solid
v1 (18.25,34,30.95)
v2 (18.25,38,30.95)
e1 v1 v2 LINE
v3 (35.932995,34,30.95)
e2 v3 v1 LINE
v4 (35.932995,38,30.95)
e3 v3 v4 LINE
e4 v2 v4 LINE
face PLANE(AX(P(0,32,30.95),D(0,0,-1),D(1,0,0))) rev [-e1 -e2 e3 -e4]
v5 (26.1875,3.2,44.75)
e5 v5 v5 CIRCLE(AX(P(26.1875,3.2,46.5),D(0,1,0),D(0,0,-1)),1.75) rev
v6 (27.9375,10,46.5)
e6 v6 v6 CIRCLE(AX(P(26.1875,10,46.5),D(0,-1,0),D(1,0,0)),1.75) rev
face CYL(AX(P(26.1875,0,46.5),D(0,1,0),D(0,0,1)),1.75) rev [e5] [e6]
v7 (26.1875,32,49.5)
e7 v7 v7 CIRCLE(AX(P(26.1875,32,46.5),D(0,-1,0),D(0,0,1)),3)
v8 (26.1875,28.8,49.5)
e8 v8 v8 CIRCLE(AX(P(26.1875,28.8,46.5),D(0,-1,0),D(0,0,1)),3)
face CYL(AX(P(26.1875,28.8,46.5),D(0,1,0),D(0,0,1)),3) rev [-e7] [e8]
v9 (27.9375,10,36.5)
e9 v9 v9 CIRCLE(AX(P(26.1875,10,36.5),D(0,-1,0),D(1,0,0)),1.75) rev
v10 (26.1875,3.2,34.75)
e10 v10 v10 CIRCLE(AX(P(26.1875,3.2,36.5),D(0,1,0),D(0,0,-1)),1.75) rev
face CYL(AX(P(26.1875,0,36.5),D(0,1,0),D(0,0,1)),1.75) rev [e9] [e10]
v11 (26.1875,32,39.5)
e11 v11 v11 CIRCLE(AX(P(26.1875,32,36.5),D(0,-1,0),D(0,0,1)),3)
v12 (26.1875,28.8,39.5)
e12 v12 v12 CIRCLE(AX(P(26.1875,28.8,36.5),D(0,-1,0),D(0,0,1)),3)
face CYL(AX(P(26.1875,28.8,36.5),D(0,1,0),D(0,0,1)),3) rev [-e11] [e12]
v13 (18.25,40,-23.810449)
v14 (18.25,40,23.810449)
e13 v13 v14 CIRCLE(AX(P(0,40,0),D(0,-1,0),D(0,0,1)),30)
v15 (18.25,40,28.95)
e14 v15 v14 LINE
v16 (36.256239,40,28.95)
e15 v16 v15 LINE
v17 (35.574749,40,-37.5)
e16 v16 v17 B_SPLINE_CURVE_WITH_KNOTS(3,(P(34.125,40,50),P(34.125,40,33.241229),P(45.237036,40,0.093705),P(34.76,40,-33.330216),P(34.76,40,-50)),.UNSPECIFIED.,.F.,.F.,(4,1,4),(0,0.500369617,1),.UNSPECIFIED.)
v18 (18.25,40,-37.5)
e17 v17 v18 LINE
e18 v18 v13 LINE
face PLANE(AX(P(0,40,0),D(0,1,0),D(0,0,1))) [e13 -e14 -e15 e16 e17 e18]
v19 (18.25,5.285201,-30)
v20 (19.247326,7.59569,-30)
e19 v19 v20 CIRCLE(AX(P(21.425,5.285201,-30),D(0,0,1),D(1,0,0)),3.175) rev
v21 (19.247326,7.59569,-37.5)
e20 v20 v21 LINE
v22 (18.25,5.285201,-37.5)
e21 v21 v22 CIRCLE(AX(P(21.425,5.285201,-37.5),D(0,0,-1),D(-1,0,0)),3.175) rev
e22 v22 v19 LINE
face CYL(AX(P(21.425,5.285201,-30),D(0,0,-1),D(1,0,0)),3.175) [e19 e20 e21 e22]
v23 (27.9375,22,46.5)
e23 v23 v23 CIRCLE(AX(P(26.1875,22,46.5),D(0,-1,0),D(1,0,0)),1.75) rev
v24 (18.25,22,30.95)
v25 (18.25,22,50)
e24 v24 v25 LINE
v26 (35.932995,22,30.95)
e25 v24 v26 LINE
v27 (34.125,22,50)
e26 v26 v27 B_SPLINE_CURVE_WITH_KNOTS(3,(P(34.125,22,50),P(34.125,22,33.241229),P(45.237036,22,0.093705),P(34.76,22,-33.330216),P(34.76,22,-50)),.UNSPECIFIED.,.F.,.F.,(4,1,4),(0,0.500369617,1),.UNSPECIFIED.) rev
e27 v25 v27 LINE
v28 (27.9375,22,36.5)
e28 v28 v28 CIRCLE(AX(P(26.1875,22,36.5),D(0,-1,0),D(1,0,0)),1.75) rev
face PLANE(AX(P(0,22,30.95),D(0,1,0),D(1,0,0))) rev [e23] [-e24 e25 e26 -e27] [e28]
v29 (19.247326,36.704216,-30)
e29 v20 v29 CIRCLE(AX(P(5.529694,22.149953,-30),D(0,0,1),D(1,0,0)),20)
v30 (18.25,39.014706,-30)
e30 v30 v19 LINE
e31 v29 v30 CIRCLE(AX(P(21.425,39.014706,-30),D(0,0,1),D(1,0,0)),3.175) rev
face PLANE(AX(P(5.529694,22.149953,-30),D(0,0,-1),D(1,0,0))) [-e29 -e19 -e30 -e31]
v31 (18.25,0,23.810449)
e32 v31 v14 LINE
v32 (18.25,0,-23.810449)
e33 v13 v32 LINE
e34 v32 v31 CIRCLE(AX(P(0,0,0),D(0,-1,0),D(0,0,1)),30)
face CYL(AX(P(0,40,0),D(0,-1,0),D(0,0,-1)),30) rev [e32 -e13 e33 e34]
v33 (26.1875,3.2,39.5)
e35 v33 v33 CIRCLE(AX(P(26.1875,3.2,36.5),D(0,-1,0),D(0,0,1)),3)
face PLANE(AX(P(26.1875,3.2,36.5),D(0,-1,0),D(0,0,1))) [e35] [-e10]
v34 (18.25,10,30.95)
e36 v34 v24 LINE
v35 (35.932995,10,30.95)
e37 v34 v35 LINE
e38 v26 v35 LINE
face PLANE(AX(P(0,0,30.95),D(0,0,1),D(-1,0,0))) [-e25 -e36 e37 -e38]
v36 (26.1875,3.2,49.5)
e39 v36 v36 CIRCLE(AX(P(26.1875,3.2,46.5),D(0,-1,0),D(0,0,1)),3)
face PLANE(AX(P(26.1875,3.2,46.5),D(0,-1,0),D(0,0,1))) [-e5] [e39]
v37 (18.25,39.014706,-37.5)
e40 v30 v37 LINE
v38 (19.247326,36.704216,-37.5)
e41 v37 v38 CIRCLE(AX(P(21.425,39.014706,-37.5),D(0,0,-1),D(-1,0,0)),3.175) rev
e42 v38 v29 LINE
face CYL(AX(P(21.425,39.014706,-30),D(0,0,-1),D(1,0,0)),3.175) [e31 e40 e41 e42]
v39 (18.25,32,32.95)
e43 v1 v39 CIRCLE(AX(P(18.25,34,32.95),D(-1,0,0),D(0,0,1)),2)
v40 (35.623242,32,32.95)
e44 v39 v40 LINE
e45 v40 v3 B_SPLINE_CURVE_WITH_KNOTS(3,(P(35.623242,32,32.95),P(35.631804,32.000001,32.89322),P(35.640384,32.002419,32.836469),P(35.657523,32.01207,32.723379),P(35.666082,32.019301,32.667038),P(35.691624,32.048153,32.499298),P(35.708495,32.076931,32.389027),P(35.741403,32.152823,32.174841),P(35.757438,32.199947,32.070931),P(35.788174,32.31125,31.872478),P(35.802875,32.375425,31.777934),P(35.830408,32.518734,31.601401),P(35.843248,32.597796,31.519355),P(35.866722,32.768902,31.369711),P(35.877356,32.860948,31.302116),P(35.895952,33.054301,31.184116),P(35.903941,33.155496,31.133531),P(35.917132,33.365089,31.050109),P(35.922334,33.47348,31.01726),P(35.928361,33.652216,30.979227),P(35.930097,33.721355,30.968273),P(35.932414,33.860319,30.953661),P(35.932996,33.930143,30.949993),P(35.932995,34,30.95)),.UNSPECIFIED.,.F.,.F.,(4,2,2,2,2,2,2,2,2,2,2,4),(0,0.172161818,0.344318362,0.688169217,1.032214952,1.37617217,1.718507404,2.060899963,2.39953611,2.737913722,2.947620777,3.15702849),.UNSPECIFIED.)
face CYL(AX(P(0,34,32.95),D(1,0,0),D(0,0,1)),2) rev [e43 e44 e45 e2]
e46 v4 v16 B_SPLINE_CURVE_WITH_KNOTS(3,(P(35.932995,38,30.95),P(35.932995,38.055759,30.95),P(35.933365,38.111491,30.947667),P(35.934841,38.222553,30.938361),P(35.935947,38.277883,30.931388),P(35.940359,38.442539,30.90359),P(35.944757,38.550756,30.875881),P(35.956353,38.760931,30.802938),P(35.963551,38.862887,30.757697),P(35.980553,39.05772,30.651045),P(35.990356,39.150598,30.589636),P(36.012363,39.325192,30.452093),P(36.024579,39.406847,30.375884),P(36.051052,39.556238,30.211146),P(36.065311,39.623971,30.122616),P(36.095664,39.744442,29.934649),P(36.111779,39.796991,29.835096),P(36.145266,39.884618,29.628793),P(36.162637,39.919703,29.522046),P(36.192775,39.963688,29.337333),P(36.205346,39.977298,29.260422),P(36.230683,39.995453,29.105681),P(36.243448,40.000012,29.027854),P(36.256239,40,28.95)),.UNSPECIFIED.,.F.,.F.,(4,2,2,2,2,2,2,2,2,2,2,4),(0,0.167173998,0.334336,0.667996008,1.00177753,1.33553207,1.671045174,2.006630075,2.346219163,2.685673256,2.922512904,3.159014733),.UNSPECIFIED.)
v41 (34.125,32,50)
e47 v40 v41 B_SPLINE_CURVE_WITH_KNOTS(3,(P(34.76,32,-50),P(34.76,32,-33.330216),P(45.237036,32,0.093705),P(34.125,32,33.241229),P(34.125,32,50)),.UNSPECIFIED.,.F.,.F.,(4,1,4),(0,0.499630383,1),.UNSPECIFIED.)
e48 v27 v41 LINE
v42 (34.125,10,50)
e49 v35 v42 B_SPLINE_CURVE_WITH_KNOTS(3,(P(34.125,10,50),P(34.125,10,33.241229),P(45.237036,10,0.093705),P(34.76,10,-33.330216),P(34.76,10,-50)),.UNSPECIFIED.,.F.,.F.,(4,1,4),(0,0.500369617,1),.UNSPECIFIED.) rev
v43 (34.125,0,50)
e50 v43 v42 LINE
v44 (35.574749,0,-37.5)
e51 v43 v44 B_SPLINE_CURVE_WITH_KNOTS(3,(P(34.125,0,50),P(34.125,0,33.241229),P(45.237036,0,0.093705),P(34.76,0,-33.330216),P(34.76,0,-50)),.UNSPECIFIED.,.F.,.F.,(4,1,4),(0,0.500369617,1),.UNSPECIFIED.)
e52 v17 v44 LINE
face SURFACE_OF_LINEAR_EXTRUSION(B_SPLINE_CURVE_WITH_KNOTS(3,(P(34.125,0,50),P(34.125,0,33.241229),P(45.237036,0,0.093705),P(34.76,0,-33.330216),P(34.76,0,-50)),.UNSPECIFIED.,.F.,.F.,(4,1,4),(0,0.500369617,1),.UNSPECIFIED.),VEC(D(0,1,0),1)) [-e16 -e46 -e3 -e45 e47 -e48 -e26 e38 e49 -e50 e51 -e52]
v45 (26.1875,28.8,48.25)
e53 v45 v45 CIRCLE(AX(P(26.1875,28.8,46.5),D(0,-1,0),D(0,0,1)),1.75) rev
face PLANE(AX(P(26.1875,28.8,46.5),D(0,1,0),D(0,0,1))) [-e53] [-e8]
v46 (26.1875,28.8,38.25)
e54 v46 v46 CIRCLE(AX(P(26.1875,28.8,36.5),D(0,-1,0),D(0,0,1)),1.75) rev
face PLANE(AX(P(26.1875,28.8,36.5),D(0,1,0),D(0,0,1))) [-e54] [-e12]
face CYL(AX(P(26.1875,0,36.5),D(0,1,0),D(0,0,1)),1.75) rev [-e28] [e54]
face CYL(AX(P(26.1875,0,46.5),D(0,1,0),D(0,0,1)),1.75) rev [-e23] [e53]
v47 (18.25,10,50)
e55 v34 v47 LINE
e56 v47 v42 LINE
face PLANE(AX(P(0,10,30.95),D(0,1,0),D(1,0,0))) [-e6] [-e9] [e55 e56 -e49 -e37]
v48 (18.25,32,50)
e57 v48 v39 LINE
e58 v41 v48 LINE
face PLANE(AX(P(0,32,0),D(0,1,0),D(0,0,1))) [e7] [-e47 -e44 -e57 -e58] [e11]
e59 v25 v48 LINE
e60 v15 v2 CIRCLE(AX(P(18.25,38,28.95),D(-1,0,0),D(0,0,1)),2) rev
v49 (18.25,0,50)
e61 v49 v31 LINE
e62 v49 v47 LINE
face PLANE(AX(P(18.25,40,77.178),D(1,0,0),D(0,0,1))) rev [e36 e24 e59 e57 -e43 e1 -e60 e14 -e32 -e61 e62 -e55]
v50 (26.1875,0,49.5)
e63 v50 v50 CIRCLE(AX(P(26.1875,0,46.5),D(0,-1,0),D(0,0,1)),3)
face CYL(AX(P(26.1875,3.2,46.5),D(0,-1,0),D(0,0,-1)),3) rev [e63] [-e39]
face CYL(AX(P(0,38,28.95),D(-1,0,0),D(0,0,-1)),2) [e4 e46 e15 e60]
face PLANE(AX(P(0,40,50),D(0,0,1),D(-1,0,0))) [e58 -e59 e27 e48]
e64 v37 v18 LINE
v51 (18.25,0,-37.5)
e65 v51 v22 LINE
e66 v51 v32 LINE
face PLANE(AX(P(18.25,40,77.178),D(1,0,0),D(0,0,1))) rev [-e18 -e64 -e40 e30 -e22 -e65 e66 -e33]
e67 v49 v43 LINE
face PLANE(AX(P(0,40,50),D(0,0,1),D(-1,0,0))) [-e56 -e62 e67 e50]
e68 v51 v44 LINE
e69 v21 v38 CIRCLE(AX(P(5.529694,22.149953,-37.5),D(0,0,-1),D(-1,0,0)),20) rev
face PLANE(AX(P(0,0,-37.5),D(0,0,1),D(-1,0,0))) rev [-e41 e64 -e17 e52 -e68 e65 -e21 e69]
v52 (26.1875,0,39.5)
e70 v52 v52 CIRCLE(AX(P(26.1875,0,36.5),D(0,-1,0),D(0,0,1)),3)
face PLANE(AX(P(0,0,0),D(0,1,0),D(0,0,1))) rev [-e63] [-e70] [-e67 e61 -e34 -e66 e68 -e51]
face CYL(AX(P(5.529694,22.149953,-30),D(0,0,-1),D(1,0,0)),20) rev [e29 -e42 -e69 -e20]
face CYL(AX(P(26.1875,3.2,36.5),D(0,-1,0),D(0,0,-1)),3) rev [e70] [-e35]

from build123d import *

# Parameters (mm, degrees)
BOSS_EXTRUDE1_DEPTH = 40
SKETCH3_W           = 12.7
SKETCH3_H           = 40
BOSS_EXTRUDE2_DEPTH = 27.178
SKETCH4_W           = 184.978795618
SKETCH4_H           = 131.733859804
CUT_EXTRUDE2_DEPTH  = 51
SKETCH5_W           = 144.166334374
SKETCH5_H           = 140.012963834
CUT_EXTRUDE3_DEPTH  = 18.25
SKETCH6_R           = 20
CUT_EXTRUDE4_DEPTH  = 20
FILLET4_R           = 3.175
SKETCH7_W           = 96.652193462
SKETCH7_H           = 93.586405028
CUT_EXTRUDE5_DEPTH  = 27.178
CUT_EXTRUDE6_DEPTH  = 41
CUT_EXTRUDE7_DEPTH  = 8
FILLET5_R           = 2
SKETCH10_R          = 1.75
CUT_EXTRUDE8_DEPTH  = 33.0000001
SKETCH11_W          = 9.551786503
SKETCH11_H          = 12
SKETCH11_W_2        = 7.9375
CUT_EXTRUDE9_DEPTH  = 19.05
SKETCH14_R          = 3
CUT_EXTRUDE10_DEPTH = 3.2
SKETCH15_W          = 61.098487026
SKETCH15_H          = 49.743772834
CUT_EXTRUDE11_DEPTH = 12.5


with BuildPart() as part:
    # Sketch1 → Boss-Extrude1 (new body)
    with BuildSketch(Plane(origin=(0, 0, 0), x_dir=(1, 0, 0), z_dir=(0, 1, 0))):
        with BuildLine():
            Line((-50, -50), (0, -50))
            Line((0, -50), (0, -30))
            ThreePointArc((0, -30), (-30, 0), (0, 30))
            Line((0, 30), (0, 50))
            Line((0, 50), (-50, 50))
            Line((-50, 50), (-50, -50))
        make_face()
        with BuildLine():
            Line((0, -30), (0, -50))
            Line((0, -50), (50, -50))
            Line((50, -50), (50, 50))
            Line((50, 50), (0, 50))
            Line((0, 50), (0, 30))
            ThreePointArc((0, 30), (21.213203436, 21.213203436), (30, 0))
            ThreePointArc((30, 0), (21.213203436, -21.213203436), (0, -30))
        make_face()
    extrude(amount=BOSS_EXTRUDE1_DEPTH)

    # Sketch3 → Boss-Extrude2 (add)
    with BuildSketch(Plane.XY.offset(50)):
        with Locations((-24.6, 20)):
            Rectangle(SKETCH3_W, SKETCH3_H)
    extrude(amount=BOSS_EXTRUDE2_DEPTH)

    # Sketch4 → Cut-Extrude2 (cut, through all)
    with BuildSketch(Plane(origin=(0, 0, 0), x_dir=(0, 0, -1), z_dir=(1, 0, 0))):
        Rectangle(SKETCH4_W, SKETCH4_H)
    extrude(amount=CUT_EXTRUDE2_DEPTH, mode=Mode.SUBTRACT)

    # Sketch5 → Cut-Extrude3 (cut)
    with BuildSketch(Plane(origin=(0, 0, 0), x_dir=(0, 0, -1), z_dir=(1, 0, 0))):
        Rectangle(SKETCH5_W, SKETCH5_H)
    extrude(amount=-CUT_EXTRUDE3_DEPTH, mode=Mode.SUBTRACT)

    # Sketch6 → Cut-Extrude4 (cut)
    with BuildSketch(Plane(origin=(0, 0, -50), x_dir=(-1, 0, 0), z_dir=(0, 0, -1))):
        with Locations((5.529693955, 22.14995336)):
            Circle(SKETCH6_R)
    extrude(amount=-CUT_EXTRUDE4_DEPTH, mode=Mode.SUBTRACT)

    # Fillet4
    fillet4_edges = [part.edges().sort_by_distance(p)[0] for p in [
        (-18.25, 6.716424466, -40),
        (-18.25, 37.583482255, -40),
    ]]
    fillet(fillet4_edges, radius=FILLET4_R)

    # Sketch7 → Cut-Extrude5 (cut)
    with BuildSketch(Plane.XY.offset(77.178)):
        Rectangle(SKETCH7_W, SKETCH7_H)
    extrude(amount=-CUT_EXTRUDE5_DEPTH, mode=Mode.SUBTRACT)

    # Sketch8 → Cut-Extrude6 (cut, through all)
    with BuildSketch(Plane(origin=(0, 40, 0), x_dir=(1, 0, 0), z_dir=(0, 1, 0))):
        with BuildLine():
            Line((-34.76, 50), (-50, 50))
            Line((-50, 50), (-50, -50))
            Line((-50, -50), (-34.125, -50))
            add(Edge.make_bspline(
                [(-34.125, -50), (-34.125, -33.241229213), (-45.237036485, -0.093705418), (-34.76, 33.330216103), (-34.76, 50)],
                knots=[0, 0, 0, 0, 0.500369617, 1, 1, 1, 1], degree=3))
        make_face()
    extrude(amount=-CUT_EXTRUDE6_DEPTH, mode=Mode.SUBTRACT)

    # Sketch9 → Cut-Extrude7 (cut)
    with BuildSketch(Plane(origin=(0, 40, 0), x_dir=(1, 0, 0), z_dir=(0, 1, 0))):
        with BuildLine():
            Line((-18.25, -50), (-18.25, -30.95))
            Line((-18.25, -30.95), (-35.932995014, -30.95))
            add(Edge.make_bspline(
                [(-34.125, -50), (-34.125, -43.629466822), (-34.928437006, -37.283896996), (-35.932995014, -30.95)],
                knots=[0, 0, 0, 0, 0.190206149, 0.190206149, 0.190206149, 0.190206149], degree=3))
            Line((-34.125, -50), (-18.25, -50))
        make_face()
    extrude(amount=-CUT_EXTRUDE7_DEPTH, mode=Mode.SUBTRACT)

    # Fillet5
    fillet5_edges = [part.edges().sort_by_distance(p)[0] for p in [
        (-27.091497507, 32, 30.95),
        (-27.091497507, 40, 30.95),
    ]]
    fillet(fillet5_edges, radius=FILLET5_R)

    # Sketch10 → Cut-Extrude8 (cut, through all)
    with BuildSketch(Plane(origin=(0, 32, 0), x_dir=(1, 0, 0), z_dir=(0, 1, 0))):
        with Locations((-26.1875, -46.5)):
            Circle(SKETCH10_R)
        with Locations((-26.1875, -36.5)):
            Circle(SKETCH10_R)
    extrude(amount=-CUT_EXTRUDE8_DEPTH, mode=Mode.SUBTRACT)

    # Sketch11 → Cut-Extrude9 (cut)
    with BuildSketch(Plane.XY.offset(50)):
        with Locations((-38.900893252, 16)):
            Rectangle(SKETCH11_W, SKETCH11_H)
        with Locations((-30.15625, 16)):
            Rectangle(SKETCH11_W_2, SKETCH11_H)
        with Locations((-22.21875, 16)):
            Rectangle(SKETCH11_W_2, SKETCH11_H)
    extrude(amount=-CUT_EXTRUDE9_DEPTH, mode=Mode.SUBTRACT)

    # Sketch14 → Cut-Extrude10 (cut)
    with BuildSketch(Plane(origin=(0, 32, 0), x_dir=(1, 0, 0), z_dir=(0, 1, 0))):
        with Locations((-26.1875, -36.5)):
            Circle(SKETCH14_R)
        with Locations((-26.1875, -46.5)):
            Circle(SKETCH14_R)
    cut_extrude10 = extrude(amount=-CUT_EXTRUDE10_DEPTH, mode=Mode.SUBTRACT)

    # Mirror2: Cut-Extrude10 across plane
    add(cut_extrude10.mirror(Plane.ZX.offset(16)), mode=Mode.SUBTRACT)

    # Sketch15 → Cut-Extrude11 (cut)
    with BuildSketch(Plane(origin=(0, 0, -50), x_dir=(-1, 0, 0), z_dir=(0, 0, -1))):
        with Locations((30.549243513, 24.871886417)):
            Rectangle(SKETCH15_W, SKETCH15_H)
    extrude(amount=-CUT_EXTRUDE11_DEPTH, mode=Mode.SUBTRACT)


with BuildPart() as body_2:
    # Mirror3: mirrored copy
    add(part.part.mirror(Plane(origin=(0, 0, 0), x_dir=(0, 0, 1), z_dir=(1, 0, 0))))


solid = body_2.part
